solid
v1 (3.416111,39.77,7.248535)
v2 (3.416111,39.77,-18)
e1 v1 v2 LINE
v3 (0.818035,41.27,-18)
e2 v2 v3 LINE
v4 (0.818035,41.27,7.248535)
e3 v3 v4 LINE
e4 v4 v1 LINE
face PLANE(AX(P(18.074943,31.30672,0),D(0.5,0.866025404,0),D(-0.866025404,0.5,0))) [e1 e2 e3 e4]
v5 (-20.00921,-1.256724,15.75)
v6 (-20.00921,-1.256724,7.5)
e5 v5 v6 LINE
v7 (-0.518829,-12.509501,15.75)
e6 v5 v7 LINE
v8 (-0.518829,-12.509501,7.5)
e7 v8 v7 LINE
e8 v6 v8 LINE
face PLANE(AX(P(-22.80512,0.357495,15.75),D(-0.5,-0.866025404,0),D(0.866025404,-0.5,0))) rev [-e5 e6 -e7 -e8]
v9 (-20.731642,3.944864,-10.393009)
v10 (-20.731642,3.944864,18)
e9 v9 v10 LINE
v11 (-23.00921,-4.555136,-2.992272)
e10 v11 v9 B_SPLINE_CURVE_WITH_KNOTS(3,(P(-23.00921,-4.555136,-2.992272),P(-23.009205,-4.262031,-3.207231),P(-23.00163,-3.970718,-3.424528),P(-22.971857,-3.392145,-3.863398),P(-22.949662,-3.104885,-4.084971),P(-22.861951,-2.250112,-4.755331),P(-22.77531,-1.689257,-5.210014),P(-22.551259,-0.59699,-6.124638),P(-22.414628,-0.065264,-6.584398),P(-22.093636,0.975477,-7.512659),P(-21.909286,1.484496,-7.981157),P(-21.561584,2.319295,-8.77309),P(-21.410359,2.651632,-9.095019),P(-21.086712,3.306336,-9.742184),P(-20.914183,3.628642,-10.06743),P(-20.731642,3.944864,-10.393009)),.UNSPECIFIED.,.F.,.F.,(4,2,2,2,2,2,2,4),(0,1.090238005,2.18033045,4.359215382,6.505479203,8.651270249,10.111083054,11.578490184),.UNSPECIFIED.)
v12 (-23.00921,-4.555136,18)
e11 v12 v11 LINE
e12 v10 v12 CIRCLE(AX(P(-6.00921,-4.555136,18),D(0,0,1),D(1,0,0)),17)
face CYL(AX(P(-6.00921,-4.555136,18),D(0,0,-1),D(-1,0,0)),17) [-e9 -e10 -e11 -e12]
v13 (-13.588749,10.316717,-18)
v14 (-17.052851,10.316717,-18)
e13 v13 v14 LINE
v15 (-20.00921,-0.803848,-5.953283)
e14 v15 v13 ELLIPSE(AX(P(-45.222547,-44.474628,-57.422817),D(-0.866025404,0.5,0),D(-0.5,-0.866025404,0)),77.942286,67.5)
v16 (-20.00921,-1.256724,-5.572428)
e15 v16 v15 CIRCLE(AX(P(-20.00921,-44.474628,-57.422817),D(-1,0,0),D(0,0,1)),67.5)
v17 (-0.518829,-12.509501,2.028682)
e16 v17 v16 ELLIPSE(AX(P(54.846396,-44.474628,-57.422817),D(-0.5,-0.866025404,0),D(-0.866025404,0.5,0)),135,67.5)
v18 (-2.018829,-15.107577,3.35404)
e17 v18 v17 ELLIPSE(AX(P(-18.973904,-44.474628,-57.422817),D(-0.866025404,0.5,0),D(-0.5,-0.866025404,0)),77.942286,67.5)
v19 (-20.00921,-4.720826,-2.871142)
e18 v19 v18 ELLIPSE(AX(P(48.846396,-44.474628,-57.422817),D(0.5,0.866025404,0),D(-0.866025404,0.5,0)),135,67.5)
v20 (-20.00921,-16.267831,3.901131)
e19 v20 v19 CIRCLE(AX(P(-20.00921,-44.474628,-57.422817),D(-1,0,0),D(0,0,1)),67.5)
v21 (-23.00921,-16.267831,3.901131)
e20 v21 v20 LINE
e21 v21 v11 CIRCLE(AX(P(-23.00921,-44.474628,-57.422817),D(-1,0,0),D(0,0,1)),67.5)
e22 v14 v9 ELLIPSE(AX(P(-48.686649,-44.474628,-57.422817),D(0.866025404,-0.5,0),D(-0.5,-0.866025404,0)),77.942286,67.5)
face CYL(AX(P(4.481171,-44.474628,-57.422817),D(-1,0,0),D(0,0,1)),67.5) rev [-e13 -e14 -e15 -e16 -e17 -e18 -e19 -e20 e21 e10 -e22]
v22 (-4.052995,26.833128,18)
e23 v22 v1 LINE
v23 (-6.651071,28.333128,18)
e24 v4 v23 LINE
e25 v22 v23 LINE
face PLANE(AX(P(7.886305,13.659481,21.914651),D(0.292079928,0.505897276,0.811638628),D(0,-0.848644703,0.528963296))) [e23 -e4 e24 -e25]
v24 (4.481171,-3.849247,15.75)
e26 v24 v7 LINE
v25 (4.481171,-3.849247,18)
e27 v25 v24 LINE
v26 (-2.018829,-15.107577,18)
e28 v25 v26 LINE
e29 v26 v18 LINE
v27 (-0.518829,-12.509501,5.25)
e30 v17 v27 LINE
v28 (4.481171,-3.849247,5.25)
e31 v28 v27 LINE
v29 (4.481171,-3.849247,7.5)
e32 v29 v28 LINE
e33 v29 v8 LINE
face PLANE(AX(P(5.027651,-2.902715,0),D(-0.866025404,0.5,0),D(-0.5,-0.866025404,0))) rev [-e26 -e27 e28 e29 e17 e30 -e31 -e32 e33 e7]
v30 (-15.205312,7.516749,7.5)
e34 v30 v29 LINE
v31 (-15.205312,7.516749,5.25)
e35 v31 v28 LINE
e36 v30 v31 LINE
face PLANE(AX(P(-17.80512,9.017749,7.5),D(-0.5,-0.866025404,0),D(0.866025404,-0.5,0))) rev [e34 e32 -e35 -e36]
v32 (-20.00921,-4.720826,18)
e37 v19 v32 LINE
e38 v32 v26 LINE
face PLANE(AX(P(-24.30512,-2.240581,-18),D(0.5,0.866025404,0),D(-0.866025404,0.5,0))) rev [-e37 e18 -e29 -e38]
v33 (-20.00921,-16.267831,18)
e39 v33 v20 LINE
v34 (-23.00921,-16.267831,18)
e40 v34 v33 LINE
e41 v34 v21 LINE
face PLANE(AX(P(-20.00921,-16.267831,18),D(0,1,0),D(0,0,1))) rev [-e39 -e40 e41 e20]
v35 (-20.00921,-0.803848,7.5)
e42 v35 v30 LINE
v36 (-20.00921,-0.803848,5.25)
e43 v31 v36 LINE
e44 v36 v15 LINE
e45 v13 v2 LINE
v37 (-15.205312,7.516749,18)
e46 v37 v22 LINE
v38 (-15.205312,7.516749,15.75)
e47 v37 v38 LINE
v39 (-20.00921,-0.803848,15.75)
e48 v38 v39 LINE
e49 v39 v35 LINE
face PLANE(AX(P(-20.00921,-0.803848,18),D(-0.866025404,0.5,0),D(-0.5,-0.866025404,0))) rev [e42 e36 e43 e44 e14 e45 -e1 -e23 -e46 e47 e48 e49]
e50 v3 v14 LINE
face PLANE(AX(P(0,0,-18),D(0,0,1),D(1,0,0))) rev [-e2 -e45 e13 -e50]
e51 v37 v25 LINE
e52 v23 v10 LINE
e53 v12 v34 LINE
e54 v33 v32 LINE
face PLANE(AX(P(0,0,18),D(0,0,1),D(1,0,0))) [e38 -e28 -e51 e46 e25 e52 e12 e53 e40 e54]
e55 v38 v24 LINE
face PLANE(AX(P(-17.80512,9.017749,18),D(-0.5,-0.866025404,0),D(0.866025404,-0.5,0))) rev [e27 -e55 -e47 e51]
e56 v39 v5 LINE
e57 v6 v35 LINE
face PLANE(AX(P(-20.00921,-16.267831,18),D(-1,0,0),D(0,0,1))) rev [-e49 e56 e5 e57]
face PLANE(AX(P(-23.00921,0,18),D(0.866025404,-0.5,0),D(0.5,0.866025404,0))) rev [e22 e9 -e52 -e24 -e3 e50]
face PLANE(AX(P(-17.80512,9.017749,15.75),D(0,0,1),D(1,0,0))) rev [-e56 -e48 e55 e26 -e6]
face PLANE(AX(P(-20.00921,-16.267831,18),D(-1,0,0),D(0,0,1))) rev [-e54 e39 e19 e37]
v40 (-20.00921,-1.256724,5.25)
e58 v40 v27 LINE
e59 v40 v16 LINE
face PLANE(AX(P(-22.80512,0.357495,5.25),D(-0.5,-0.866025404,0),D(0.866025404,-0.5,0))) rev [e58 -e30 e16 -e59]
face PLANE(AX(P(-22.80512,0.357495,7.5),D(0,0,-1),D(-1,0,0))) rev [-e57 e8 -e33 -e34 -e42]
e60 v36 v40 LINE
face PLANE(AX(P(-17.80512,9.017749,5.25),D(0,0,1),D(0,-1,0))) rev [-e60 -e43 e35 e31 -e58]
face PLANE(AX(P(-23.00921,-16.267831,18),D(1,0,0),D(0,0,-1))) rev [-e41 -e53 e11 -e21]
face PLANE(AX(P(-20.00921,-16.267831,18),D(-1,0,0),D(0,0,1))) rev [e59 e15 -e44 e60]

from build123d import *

# Parameters (mm, degrees)
SALIENTE_EXTRUIR1_DEPTH = 18
REDONDEO1_R             = 17
CROQUIS5_W              = 36
CROQUIS5_H              = 3
SALIENTE_EXTRUIR4_DEPTH = 15
CROQUIS6_W              = 15
CROQUIS6_H              = 2.25
SALIENTE_EXTRUIR5_DEPTH = 10
CROQUIS7_W              = 15
CROQUIS7_H              = 2.25
SALIENTE_EXTRUIR6_DEPTH = 10
SALIENTE_EXTRUIR7_REACH = 53.008
CROQUIS9_W              = 14.804118301
CROQUIS9_H              = 37.418244965
CORTAR_EXTRUIR1_DEPTH   = 65.529262729
CORTAR_EXTRUIR2_DEPTH   = 43.150382534
CROQUIS13_W             = 6.782058138
CROQUIS13_H             = 38.050659694
CORTAR_EXTRUIR4_DEPTH   = 66.385361662
CORTAR_EXTRUIR5_DEPTH   = 59.680118278
CROQUIS15_R             = 67.5
CORTAR_EXTRUIR6_DEPTH   = 53.753520742


with BuildPart() as part:
    # Croquis1 → Saliente-Extruir1 (new, symmetric)
    with BuildSketch(Plane.XY):
        Polygon((-23.009210442, -16.267830887), (-23.009210442, 0), (5.722840366, 49.765371804), (7.454891173, 46.765371804), (-20.009210442, -0.803847577), (-20.009210442, -16.267830887), align=None)
    extrude(amount=SALIENTE_EXTRUIR1_DEPTH, both=True)

    # Redondeo1
    redondeo1_edges = [part.edges().sort_by_distance(p)[0] for p in [
        (-23.009210442, 0, 0),
    ]]
    fillet(redondeo1_edges, radius=REDONDEO1_R)

    # Croquis8 → Saliente-Extruir7 (add, up to next)
    with BuildSketch(Plane(origin=(-7.962730425, 4.597284555, 0), x_dir=(0, 0, 1), z_dir=(-0.8660254037844399, 0.49999999999999806, 0)), mode=Mode.PRIVATE) as saliente_extruir7_sk1:
        Polygon((18, -14.092960033), (18, -1.092960033), (15.75, -1.092960033), (15.75, -11.092960033), (7.5, -11.092960033), (7.5, -1.092960033), (5.25, -1.092960033), (5.25, -11.092960033), (-18, -11.092960033), (-18, -14.092960033), align=None)
    saliente_extruir7_tool1 = extrude(saliente_extruir7_sk1.sketch, amount=SALIENTE_EXTRUIR7_REACH, mode=Mode.PRIVATE) - part.part


with BuildPart() as body_2:
    # Croquis5 → Saliente-Extruir4 (new body)
    with BuildSketch(Plane(origin=(-7.962730425, 4.597284555, 0), x_dir=(0, 0, -1), z_dir=(0.8660254037844398, -0.499999999999998, 0))):
        with Locations((0, -12.592960033)):
            Rectangle(CROQUIS5_W, CROQUIS5_H)
    extrude(amount=SALIENTE_EXTRUIR4_DEPTH)

    # Croquis6 → Saliente-Extruir5 (add)
    with BuildSketch(Plane(origin=(-5.546480017, -9.606785192, 0), x_dir=(0.8660254037844398, -0.49999999999999806, 0), z_dir=(0.499999999999998, 0.8660254037844397, 0))):
        with Locations((-1.694569109, -16.875)):
            Rectangle(CROQUIS6_W, CROQUIS6_H)
    extrude(amount=SALIENTE_EXTRUIR5_DEPTH)

    # Croquis7 → Saliente-Extruir6 (add)
    with BuildSketch(Plane(origin=(-5.546480017, -9.606785192, 0), x_dir=(0.8660254037844398, -0.49999999999999806, 0), z_dir=(0.499999999999998, 0.8660254037844397, 0))):
        with Locations((-1.694569109, -6.375)):
            Rectangle(CROQUIS7_W, CROQUIS7_H)
    extrude(amount=SALIENTE_EXTRUIR6_DEPTH)


with BuildPart() as part_1:
    add(part.part)

    add(body_2.part)  # Saliente-Extruir7 merges body 2
    add(saliente_extruir7_tool1.solids().sort_by_distance((-11.75921, -1.978412, 17.617247))[0])

    # Croquis9 → Cortar-Extruir1 (cut, through all)
    with BuildSketch(Plane(origin=(0, 41.27, 0), x_dir=(1, 0, 0), z_dir=(0, 1, 0))):
        with Locations((0.741451059, 0.142817729)):
            Rectangle(CROQUIS9_W, CROQUIS9_H)
    extrude(amount=CORTAR_EXTRUIR1_DEPTH, mode=Mode.SUBTRACT)

    # Croquis11 → Cortar-Extruir2 (cut, through all)
    with BuildSketch(Plane(origin=(-17.256907831, 9.963280382, 0), x_dir=(0, 0, 1), z_dir=(-0.8660254037844386, 0.5000000000000003, 0))):
        Polygon((8.788629382, 36.149885998), (18, 36.149885998), (18, 23.351498504), align=None)
    extrude(amount=-CORTAR_EXTRUIR2_DEPTH, mode=Mode.SUBTRACT)

    # Croquis13 → Cortar-Extruir4 (cut, through all)
    with BuildSketch(Plane(origin=(18.074942999, 31.306719618, 0), x_dir=(-0.8660254037844386, 0.4999999999999999, 0), z_dir=(-0.49999999999999994, -0.8660254037844387, 0))):
        with Locations((17.8722453, 0.046357502)):
            Rectangle(CROQUIS13_W, CROQUIS13_H)
    extrude(amount=-CORTAR_EXTRUIR4_DEPTH, mode=Mode.SUBTRACT)

    # Croquis14 → Cortar-Extruir5 (cut, through all)
    with BuildSketch(Plane(origin=(7.886305076, 13.659481075, 21.914651455), x_dir=(0.9563939122686984, -0.15449956154835387, -0.24787208406099226), z_dir=(0.29207992840209546, 0.5058972758635086, 0.8116386275298311))):
        Polygon((-2.921520295, 29.452632093), (-8.700629296, 32.1607213), (-16.69781327, 15.094592988), (-10.918704269, 12.386503781), align=None)
    extrude(amount=CORTAR_EXTRUIR5_DEPTH, mode=Mode.SUBTRACT)

    # Croquis15 → Cortar-Extruir6 (cut, through all)
    with BuildSketch(Plane.ZY.offset(23.009210442)):
        with Locations((-57.422816505, -44.474628196)):
            Circle(CROQUIS15_R)
    extrude(amount=-CORTAR_EXTRUIR6_DEPTH, mode=Mode.SUBTRACT)


solid = part_1.part
